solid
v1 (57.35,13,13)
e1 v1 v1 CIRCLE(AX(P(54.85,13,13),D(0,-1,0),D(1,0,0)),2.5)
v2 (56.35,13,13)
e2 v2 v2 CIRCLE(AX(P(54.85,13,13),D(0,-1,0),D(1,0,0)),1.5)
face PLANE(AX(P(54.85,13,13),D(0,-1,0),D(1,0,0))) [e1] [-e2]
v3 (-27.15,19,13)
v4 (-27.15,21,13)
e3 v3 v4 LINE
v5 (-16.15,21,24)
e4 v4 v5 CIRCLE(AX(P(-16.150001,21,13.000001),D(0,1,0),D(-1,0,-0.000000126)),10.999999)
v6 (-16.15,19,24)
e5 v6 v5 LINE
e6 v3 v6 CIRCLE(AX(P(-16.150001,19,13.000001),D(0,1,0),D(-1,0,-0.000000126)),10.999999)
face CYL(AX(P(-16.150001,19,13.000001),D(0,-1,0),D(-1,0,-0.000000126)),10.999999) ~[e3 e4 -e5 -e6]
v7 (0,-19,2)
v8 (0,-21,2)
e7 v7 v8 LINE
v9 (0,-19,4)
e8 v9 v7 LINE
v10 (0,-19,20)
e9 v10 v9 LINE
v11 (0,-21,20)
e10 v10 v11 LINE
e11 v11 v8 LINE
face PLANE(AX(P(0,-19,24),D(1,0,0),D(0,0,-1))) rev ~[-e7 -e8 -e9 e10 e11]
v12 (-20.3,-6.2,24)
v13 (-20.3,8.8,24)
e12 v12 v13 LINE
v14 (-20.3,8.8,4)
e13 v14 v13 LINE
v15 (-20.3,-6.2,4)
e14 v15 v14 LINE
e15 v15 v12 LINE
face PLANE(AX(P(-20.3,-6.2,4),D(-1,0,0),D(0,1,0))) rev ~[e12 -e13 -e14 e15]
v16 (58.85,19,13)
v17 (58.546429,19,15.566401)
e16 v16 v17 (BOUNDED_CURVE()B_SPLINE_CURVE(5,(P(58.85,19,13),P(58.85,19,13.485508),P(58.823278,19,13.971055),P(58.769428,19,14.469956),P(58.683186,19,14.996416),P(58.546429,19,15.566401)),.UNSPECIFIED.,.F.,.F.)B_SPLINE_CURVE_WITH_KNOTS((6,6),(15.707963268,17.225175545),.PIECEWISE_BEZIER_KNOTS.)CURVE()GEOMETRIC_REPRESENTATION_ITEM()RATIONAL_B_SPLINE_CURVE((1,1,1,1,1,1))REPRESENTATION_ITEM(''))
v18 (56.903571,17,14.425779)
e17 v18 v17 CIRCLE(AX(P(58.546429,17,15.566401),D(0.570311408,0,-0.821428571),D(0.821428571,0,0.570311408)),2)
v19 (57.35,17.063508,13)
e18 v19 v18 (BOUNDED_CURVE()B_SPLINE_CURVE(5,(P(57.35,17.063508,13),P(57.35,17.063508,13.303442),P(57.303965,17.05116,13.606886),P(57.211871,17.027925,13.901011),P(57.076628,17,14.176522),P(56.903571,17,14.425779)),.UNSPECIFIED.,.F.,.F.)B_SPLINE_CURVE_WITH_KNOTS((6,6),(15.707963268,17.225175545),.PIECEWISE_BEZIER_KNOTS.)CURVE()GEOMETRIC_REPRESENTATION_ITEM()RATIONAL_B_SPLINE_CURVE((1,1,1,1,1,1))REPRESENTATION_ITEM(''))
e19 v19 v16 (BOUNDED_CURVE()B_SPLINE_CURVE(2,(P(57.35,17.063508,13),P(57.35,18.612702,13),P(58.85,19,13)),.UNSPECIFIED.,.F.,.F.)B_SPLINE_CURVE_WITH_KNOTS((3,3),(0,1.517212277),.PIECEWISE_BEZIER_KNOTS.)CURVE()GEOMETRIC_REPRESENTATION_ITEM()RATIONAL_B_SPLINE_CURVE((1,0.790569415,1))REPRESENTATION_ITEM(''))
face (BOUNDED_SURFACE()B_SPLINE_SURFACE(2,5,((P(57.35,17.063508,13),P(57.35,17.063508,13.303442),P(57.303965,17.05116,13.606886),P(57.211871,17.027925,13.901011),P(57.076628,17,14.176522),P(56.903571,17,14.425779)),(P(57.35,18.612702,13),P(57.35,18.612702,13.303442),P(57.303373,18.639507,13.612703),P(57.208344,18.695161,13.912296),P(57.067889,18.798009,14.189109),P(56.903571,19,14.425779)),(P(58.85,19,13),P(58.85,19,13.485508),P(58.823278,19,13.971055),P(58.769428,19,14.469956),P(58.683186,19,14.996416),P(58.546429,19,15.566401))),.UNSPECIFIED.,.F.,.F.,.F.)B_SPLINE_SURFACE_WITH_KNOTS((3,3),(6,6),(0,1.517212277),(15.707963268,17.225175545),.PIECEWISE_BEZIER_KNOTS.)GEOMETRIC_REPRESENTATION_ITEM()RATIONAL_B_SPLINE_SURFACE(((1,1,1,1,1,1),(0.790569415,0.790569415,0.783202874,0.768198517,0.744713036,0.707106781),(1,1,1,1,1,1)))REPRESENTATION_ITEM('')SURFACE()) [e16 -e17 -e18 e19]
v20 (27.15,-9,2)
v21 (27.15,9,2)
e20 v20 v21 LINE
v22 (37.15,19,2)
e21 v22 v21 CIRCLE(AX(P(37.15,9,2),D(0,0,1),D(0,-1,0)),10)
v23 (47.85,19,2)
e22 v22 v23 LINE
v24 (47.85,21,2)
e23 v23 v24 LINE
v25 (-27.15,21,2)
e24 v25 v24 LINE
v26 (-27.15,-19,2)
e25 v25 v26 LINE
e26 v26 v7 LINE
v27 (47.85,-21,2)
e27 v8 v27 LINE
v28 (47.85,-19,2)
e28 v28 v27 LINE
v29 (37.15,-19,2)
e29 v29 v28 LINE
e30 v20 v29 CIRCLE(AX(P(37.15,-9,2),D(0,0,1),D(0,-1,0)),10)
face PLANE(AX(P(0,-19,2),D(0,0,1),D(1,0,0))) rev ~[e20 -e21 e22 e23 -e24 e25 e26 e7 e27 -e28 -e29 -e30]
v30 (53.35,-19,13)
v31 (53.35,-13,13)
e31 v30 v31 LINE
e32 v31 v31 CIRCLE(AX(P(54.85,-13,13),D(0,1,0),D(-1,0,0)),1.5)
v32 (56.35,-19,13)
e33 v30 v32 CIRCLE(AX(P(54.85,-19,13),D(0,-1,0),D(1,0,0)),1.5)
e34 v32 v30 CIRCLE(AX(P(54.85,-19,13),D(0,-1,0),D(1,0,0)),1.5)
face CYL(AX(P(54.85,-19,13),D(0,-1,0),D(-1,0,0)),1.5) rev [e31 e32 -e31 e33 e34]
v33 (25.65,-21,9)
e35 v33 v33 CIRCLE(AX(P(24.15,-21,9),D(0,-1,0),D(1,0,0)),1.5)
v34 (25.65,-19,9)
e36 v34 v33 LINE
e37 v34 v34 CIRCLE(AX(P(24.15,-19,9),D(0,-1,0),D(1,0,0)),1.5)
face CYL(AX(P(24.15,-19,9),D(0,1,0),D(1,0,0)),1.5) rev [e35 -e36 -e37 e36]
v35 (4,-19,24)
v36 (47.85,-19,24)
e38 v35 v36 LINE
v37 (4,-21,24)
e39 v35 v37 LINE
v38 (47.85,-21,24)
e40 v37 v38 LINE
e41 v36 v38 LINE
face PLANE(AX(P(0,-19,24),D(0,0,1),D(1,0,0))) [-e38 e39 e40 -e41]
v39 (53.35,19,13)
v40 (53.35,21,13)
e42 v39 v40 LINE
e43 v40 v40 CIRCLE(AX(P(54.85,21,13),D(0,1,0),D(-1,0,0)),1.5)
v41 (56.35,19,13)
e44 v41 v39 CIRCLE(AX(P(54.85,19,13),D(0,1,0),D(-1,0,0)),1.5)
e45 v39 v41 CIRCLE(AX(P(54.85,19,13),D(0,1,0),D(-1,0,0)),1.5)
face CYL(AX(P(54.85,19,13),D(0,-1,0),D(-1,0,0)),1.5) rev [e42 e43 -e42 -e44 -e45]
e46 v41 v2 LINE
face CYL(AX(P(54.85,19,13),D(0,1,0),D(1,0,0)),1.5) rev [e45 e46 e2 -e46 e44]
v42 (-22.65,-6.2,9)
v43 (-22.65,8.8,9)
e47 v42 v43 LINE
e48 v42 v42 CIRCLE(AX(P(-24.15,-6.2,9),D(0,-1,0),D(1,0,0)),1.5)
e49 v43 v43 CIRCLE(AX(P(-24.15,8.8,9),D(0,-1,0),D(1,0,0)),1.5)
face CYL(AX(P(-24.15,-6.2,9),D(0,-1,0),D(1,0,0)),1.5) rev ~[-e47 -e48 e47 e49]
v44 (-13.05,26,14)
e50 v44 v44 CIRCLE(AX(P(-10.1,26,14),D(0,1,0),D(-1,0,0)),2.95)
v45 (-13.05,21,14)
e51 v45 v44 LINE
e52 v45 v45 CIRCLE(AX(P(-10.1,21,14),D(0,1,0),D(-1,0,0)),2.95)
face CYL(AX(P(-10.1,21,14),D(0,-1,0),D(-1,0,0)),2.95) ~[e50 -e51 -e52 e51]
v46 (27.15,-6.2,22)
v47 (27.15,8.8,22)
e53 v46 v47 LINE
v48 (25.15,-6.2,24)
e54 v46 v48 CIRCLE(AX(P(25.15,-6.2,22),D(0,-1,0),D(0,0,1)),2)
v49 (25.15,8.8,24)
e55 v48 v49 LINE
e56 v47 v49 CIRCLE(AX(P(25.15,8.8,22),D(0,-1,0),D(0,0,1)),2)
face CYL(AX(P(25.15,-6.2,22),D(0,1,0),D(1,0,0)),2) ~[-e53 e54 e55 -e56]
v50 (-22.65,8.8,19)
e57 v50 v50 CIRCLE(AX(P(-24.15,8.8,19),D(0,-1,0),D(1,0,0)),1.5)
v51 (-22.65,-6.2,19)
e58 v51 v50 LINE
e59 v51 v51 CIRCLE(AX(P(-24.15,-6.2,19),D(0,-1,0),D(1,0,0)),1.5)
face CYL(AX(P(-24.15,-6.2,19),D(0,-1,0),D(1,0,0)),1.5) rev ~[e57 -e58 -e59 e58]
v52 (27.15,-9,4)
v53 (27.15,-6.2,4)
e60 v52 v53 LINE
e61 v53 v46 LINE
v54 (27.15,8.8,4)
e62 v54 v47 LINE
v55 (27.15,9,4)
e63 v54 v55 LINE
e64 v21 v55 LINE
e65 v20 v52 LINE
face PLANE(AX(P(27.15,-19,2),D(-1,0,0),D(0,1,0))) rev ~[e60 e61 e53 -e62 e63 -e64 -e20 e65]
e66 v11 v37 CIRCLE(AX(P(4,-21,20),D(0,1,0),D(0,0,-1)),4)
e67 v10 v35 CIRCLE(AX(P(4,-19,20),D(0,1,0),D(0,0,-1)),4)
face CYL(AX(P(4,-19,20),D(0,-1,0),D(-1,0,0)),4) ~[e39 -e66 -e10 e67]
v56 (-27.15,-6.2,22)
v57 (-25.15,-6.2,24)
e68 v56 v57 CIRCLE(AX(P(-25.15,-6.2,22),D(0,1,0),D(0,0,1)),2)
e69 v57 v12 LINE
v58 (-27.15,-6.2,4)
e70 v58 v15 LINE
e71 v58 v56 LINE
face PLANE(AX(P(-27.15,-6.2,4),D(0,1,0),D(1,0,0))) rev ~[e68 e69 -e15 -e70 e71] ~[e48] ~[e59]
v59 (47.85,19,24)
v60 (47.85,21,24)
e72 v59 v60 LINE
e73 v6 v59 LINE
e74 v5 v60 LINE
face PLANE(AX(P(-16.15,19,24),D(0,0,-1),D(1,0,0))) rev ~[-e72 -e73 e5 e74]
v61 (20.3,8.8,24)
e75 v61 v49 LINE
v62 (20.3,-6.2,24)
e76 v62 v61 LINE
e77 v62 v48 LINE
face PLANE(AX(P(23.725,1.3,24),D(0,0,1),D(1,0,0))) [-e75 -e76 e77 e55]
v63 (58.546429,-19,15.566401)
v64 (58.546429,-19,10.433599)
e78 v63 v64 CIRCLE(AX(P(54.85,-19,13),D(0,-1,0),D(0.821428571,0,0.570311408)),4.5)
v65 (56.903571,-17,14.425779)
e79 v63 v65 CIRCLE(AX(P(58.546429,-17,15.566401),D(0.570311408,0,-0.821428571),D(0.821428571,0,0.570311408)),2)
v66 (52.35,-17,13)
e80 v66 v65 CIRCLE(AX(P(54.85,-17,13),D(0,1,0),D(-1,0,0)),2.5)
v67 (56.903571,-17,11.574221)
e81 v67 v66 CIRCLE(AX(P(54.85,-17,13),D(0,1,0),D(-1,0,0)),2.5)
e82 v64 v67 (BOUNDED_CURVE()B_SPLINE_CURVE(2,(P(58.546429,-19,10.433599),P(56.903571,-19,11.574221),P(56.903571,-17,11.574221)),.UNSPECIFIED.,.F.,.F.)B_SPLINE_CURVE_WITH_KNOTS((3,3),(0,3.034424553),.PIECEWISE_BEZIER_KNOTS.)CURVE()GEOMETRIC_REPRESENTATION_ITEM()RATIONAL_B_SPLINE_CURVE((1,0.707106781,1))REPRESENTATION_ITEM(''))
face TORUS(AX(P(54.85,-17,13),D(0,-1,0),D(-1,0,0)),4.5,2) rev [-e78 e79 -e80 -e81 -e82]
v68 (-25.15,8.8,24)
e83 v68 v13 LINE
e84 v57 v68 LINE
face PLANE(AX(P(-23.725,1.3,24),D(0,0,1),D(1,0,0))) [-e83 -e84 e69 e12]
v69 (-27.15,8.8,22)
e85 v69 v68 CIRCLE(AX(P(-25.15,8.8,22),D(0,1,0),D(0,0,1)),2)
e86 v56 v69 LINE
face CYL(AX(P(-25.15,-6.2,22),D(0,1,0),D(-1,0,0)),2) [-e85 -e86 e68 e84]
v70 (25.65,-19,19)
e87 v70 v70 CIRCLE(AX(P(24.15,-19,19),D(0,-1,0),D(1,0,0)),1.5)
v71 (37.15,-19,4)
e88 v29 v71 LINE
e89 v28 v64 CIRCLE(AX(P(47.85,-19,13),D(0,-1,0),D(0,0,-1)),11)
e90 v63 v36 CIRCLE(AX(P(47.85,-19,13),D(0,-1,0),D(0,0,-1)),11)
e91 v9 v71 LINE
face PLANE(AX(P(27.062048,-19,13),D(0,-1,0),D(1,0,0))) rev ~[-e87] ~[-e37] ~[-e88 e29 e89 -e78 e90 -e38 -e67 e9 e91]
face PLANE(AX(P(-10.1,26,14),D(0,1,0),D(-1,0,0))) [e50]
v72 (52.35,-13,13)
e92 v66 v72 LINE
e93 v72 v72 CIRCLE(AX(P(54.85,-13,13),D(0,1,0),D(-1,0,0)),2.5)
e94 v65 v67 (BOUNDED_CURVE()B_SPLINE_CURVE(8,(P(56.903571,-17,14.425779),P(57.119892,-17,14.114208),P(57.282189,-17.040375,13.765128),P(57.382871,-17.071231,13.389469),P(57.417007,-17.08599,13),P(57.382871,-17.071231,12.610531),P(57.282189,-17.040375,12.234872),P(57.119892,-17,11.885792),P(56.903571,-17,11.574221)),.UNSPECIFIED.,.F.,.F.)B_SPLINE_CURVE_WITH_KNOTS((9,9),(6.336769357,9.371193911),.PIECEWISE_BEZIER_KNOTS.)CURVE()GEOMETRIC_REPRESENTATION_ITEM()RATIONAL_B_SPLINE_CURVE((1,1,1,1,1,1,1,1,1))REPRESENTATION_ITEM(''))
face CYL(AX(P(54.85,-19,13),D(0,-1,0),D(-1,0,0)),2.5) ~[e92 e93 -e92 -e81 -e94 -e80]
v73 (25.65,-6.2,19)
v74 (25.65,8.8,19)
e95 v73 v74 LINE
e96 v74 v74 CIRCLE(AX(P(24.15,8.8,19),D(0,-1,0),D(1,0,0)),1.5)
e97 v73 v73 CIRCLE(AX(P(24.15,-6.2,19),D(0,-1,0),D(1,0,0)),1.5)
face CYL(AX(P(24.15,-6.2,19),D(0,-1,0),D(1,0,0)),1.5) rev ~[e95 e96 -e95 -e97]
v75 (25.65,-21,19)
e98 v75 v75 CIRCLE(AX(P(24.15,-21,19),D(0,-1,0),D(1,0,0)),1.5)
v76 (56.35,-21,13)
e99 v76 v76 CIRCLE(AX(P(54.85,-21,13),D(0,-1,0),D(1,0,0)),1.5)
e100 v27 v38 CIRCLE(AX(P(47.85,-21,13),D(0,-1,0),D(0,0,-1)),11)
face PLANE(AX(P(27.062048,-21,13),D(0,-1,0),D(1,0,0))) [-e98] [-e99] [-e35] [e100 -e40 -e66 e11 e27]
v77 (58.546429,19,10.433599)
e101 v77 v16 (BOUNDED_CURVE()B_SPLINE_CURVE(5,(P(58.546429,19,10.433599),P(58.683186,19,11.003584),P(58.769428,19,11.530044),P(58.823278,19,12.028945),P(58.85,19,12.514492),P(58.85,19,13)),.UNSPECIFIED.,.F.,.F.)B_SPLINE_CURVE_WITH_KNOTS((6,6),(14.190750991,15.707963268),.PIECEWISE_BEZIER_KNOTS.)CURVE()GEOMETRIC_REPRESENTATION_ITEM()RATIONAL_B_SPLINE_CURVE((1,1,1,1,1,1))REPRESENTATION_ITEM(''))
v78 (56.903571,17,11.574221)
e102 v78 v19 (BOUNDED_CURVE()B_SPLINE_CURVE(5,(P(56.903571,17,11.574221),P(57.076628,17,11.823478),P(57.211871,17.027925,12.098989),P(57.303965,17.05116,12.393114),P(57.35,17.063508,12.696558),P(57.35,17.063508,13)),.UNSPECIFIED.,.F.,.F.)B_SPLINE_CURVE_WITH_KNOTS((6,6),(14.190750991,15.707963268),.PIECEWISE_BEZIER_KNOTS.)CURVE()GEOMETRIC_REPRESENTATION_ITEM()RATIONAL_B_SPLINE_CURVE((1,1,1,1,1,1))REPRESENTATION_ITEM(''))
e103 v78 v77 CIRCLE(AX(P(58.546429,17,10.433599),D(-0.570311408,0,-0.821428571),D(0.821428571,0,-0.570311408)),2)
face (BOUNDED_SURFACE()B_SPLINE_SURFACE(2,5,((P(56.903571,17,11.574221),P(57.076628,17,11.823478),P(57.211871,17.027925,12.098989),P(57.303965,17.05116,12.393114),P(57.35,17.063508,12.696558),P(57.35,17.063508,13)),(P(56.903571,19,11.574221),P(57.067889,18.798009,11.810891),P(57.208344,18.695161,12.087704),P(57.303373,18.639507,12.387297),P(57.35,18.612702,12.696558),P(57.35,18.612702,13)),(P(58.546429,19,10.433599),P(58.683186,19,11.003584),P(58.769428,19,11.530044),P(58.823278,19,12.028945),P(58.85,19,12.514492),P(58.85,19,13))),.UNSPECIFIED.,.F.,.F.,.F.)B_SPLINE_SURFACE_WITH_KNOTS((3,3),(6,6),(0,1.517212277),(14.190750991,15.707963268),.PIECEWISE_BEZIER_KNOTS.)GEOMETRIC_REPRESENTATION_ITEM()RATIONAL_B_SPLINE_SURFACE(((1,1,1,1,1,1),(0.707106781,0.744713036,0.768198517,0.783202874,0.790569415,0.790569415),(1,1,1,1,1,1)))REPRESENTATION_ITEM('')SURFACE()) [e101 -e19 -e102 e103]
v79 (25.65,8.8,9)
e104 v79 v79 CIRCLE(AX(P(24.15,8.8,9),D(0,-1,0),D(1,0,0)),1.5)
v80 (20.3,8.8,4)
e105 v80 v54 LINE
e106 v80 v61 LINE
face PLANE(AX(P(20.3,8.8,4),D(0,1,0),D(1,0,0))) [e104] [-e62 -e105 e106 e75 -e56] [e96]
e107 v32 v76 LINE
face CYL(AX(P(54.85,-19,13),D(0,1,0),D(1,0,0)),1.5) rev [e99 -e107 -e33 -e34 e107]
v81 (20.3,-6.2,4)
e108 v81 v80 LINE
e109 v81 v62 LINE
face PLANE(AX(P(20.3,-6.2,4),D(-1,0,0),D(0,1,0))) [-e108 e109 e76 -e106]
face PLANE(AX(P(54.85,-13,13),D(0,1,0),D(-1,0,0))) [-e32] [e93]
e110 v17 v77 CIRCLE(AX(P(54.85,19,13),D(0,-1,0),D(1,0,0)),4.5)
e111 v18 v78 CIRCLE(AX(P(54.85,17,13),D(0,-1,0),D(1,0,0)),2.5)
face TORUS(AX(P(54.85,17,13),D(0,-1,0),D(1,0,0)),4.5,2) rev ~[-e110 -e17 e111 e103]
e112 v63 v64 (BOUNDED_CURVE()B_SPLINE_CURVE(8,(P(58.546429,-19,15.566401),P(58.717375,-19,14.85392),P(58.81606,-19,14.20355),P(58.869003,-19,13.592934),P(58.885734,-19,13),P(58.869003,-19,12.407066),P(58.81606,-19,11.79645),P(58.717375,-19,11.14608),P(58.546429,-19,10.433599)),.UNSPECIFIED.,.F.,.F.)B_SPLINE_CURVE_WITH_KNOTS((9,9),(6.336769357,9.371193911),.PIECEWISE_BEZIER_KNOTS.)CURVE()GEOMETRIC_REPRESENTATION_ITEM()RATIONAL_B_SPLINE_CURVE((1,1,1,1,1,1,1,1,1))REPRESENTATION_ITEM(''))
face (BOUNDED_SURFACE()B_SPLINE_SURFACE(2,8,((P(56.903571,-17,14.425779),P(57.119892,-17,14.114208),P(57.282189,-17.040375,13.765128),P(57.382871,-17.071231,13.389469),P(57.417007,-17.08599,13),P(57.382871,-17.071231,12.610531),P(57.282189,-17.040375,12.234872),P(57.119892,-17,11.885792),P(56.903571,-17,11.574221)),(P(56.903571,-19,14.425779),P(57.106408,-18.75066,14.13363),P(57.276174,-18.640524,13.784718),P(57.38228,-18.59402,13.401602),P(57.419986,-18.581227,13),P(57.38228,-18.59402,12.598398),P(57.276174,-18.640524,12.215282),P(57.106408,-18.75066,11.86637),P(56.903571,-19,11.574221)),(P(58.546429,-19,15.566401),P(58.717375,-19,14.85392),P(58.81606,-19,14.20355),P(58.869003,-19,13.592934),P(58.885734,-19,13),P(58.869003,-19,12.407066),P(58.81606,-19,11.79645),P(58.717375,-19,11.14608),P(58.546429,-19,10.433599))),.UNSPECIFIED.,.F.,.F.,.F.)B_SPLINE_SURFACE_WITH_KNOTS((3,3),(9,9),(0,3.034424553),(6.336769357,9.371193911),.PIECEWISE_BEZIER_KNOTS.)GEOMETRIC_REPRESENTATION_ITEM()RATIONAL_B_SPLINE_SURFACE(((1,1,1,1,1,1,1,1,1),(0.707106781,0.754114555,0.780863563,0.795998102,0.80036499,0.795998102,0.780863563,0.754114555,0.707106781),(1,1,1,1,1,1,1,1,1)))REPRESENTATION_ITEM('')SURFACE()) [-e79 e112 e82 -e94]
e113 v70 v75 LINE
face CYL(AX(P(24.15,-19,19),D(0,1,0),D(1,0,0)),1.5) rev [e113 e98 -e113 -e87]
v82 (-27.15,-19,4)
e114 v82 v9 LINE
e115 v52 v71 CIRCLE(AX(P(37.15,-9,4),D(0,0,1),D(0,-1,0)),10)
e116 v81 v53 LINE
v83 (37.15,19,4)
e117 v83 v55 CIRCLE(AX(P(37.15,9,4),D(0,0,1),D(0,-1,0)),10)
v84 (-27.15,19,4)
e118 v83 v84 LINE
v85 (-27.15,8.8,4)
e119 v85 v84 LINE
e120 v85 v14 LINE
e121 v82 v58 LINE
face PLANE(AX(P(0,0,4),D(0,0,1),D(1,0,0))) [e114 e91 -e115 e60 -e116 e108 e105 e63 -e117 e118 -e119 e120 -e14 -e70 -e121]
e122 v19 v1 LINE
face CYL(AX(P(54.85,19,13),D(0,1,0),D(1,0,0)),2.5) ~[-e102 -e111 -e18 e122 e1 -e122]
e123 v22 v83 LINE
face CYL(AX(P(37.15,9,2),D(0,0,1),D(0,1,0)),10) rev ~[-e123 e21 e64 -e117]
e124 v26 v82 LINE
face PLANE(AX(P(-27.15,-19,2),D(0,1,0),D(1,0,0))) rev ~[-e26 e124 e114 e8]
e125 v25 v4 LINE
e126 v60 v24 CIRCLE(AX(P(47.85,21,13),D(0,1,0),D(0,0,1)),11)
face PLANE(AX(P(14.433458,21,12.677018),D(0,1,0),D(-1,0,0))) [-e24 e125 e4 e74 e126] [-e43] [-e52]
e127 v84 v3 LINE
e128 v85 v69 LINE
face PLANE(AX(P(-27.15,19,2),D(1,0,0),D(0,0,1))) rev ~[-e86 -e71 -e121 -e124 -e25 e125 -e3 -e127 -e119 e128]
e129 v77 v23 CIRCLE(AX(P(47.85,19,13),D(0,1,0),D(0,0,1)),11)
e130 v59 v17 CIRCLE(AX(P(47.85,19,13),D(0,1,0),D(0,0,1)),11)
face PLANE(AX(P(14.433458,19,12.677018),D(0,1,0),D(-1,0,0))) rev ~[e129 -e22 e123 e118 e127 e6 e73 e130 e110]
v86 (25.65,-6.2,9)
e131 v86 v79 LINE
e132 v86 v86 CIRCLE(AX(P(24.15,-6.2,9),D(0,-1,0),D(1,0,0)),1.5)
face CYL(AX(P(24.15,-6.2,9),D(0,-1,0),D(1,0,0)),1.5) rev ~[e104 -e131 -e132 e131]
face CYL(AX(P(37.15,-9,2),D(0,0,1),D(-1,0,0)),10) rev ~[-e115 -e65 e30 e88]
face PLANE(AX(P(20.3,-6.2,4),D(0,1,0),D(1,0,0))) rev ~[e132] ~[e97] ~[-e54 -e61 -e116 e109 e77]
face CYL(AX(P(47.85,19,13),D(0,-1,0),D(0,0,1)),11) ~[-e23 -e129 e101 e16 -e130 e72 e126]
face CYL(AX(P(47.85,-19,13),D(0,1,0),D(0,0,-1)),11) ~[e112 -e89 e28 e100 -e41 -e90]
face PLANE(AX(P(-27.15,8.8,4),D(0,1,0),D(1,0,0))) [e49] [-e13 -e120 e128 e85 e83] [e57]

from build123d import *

# Parameters (mm, degrees)
SKETCH_W        = 54.3
SKETCH_H        = 38
PAD_DEPTH       = 2
SKETCH003_W     = 6.85
SKETCH003_H     = 15
PAD001_DEPTH    = 20
SKETCH010_W     = 6.85
SKETCH010_H     = 15
PAD002_DEPTH    = 20
SKETCH004_R     = 1.5
POCKET_DEPTH    = 15
SKETCH002_R     = 1.5
POCKET001_DEPTH = 15
SKETCH005_R     = 1.5
PAD003_DEPTH    = 2
SKETCH007_R     = 1.5
PAD004_DEPTH    = 2
SKETCH006_R     = 2.95
PAD005_DEPTH    = 5
SKETCH008_R     = 2.5
SKETCH008_R_2   = 1.5
PAD006_DEPTH    = 6
SKETCH009_R     = 2.5
SKETCH009_R_2   = 1.5
PAD007_DEPTH    = 6
FILLET_R        = 10
FILLET001_R     = 10
FILLET002_R     = 2
FILLET003_R     = 2
FILLET004_R     = 2
FILLET005_R     = 2
FILLET006_R     = 4


with BuildPart() as part:
    # Sketch → Pad (new body)
    with BuildSketch(Plane.XY.offset(2)):
        Rectangle(SKETCH_W, SKETCH_H)
    extrude(amount=PAD_DEPTH)

    # Sketch003 (on Face6 of Pad) → Pad001 (join)
    with BuildSketch(Plane.XY.offset(4)):
        with Locations((23.725, 1.3)):
            Rectangle(SKETCH003_W, SKETCH003_H)
    extrude(amount=PAD001_DEPTH)

    # Sketch010 (on Face5 of Pad001) → Pad002 (join)
    with BuildSketch(Plane.XY.offset(4)):
        with Locations((-23.725, 1.3)):
            Rectangle(SKETCH010_W, SKETCH010_H)
    extrude(amount=PAD002_DEPTH)

    # Sketch004 (on Face12 of Pad002) → Pocket (cut)
    with BuildSketch(Plane(origin=(0, -6.2, 2), x_dir=(1, 0, 0), z_dir=(0, -1, 0))):
        with Locations((-24.15, 7)):
            Circle(SKETCH004_R)
        with Locations((-24.15, 17)):
            Circle(SKETCH004_R)
    extrude(amount=-POCKET_DEPTH, mode=Mode.SUBTRACT)

    # Sketch002 (on Face11 of Pocket) → Pocket001 (cut)
    with BuildSketch(Plane(origin=(0, -6.2, 2), x_dir=(1, 0, 0), z_dir=(0, -1, 0))):
        with Locations((24.15, 17)):
            Circle(SKETCH002_R)
        with Locations((24.15, 7)):
            Circle(SKETCH002_R)
    extrude(amount=-POCKET001_DEPTH, mode=Mode.SUBTRACT)

    # Sketch005 (on Face1 of Pocket001) → Pad003 (join)
    with BuildSketch(Plane(origin=(0, 19, 2), x_dir=(-1, 0, 0), z_dir=(0, 1, 0))):
        with BuildLine():
            Line((16.15, 22), (-47.85, 22))
            ThreePointArc((-47.85, 22), (-58.85, 11), (-47.85, 0))
            Line((27.15, 0), (-47.85, 0))
            Line((27.15, 0), (27.15, 11))
            ThreePointArc((27.15, 11), (23.928175, 18.778175), (16.15, 22))
        make_face()
        with Locations((-54.85, 11)):
            Circle(SKETCH005_R, mode=Mode.SUBTRACT)
    extrude(amount=PAD003_DEPTH)

    # Sketch007 (on Face2 of Pad003) → Pad004 (join)
    with BuildSketch(Plane(origin=(0, -19, 2), x_dir=(1, 0, 0), z_dir=(0, -1, 0))):
        with BuildLine():
            Line((0, 22), (0, 0))
            Line((0, 0), (47.85, 0))
            ThreePointArc((47.85, 0), (58.85, 11), (47.85, 22))
            Line((0, 22), (47.85, 22))
        make_face()
        with Locations((54.85, 11)):
            Circle(SKETCH007_R, mode=Mode.SUBTRACT)
        with Locations((24.15, 7)):
            Circle(SKETCH007_R, mode=Mode.SUBTRACT)
        with Locations((24.15, 17)):
            Circle(SKETCH007_R, mode=Mode.SUBTRACT)
    extrude(amount=PAD004_DEPTH)

    # Sketch006 (on Face11 of Pad004) → Pad005 (join)
    with BuildSketch(Plane(origin=(0, 21, 2), x_dir=(-1, 0, 0), z_dir=(0, 1, 0))):
        with Locations((10.1, 12)):
            Circle(SKETCH006_R)
    extrude(amount=PAD005_DEPTH)

    # Sketch008 (on Face17 of Pad005) → Pad006 (join)
    with BuildSketch(Plane(origin=(0, -19, 2), x_dir=(-1, 0, 0), z_dir=(0, 1, 0))):
        with Locations((-54.85, 11)):
            Circle(SKETCH008_R)
        with Locations((-54.85, 11)):
            Circle(SKETCH008_R_2, mode=Mode.SUBTRACT)
    extrude(amount=PAD006_DEPTH)

    # Sketch009 (on Face10 of Pad006) → Pad007 (join)
    with BuildSketch(Plane(origin=(0, 19, 2), x_dir=(1, 0, 0), z_dir=(0, -1, 0))):
        with Locations((54.85, 11)):
            Circle(SKETCH009_R)
        with Locations((54.85, 11)):
            Circle(SKETCH009_R_2, mode=Mode.SUBTRACT)
    extrude(amount=PAD007_DEPTH)

    # Fillet
    fillet_edges = [part.edges().sort_by_distance(p)[0] for p in [
        (27.15, -19, 3),
    ]]
    fillet(fillet_edges, radius=FILLET_R)

    # Fillet001
    fillet001_edges = [part.edges().sort_by_distance(p)[0] for p in [
        (27.15, 19, 3),
    ]]
    fillet(fillet001_edges, radius=FILLET001_R)

    # Fillet002
    fillet002_edges = [part.edges().sort_by_distance(p)[0] for p in [
        (52.35, 19, 13),
    ]]
    fillet(fillet002_edges, radius=FILLET002_R)

    # Fillet003
    fillet003_edges = [part.edges().sort_by_distance(p)[0] for p in [
        (57.35, -19, 13),
    ]]
    fillet(fillet003_edges, radius=FILLET003_R)

    # Fillet004
    fillet004_edges = [part.edges().sort_by_distance(p)[0] for p in [
        (27.15, 1.3, 24),
    ]]
    fillet(fillet004_edges, radius=FILLET004_R)

    # Fillet005
    fillet005_edges = [part.edges().sort_by_distance(p)[0] for p in [
        (-27.15, 1.3, 24),
    ]]
    fillet(fillet005_edges, radius=FILLET005_R)

    # Fillet006
    fillet006_edges = [part.edges().sort_by_distance(p)[0] for p in [
        (0, -20, 24),
    ]]
    fillet(fillet006_edges, radius=FILLET006_R)


solid = part.part
